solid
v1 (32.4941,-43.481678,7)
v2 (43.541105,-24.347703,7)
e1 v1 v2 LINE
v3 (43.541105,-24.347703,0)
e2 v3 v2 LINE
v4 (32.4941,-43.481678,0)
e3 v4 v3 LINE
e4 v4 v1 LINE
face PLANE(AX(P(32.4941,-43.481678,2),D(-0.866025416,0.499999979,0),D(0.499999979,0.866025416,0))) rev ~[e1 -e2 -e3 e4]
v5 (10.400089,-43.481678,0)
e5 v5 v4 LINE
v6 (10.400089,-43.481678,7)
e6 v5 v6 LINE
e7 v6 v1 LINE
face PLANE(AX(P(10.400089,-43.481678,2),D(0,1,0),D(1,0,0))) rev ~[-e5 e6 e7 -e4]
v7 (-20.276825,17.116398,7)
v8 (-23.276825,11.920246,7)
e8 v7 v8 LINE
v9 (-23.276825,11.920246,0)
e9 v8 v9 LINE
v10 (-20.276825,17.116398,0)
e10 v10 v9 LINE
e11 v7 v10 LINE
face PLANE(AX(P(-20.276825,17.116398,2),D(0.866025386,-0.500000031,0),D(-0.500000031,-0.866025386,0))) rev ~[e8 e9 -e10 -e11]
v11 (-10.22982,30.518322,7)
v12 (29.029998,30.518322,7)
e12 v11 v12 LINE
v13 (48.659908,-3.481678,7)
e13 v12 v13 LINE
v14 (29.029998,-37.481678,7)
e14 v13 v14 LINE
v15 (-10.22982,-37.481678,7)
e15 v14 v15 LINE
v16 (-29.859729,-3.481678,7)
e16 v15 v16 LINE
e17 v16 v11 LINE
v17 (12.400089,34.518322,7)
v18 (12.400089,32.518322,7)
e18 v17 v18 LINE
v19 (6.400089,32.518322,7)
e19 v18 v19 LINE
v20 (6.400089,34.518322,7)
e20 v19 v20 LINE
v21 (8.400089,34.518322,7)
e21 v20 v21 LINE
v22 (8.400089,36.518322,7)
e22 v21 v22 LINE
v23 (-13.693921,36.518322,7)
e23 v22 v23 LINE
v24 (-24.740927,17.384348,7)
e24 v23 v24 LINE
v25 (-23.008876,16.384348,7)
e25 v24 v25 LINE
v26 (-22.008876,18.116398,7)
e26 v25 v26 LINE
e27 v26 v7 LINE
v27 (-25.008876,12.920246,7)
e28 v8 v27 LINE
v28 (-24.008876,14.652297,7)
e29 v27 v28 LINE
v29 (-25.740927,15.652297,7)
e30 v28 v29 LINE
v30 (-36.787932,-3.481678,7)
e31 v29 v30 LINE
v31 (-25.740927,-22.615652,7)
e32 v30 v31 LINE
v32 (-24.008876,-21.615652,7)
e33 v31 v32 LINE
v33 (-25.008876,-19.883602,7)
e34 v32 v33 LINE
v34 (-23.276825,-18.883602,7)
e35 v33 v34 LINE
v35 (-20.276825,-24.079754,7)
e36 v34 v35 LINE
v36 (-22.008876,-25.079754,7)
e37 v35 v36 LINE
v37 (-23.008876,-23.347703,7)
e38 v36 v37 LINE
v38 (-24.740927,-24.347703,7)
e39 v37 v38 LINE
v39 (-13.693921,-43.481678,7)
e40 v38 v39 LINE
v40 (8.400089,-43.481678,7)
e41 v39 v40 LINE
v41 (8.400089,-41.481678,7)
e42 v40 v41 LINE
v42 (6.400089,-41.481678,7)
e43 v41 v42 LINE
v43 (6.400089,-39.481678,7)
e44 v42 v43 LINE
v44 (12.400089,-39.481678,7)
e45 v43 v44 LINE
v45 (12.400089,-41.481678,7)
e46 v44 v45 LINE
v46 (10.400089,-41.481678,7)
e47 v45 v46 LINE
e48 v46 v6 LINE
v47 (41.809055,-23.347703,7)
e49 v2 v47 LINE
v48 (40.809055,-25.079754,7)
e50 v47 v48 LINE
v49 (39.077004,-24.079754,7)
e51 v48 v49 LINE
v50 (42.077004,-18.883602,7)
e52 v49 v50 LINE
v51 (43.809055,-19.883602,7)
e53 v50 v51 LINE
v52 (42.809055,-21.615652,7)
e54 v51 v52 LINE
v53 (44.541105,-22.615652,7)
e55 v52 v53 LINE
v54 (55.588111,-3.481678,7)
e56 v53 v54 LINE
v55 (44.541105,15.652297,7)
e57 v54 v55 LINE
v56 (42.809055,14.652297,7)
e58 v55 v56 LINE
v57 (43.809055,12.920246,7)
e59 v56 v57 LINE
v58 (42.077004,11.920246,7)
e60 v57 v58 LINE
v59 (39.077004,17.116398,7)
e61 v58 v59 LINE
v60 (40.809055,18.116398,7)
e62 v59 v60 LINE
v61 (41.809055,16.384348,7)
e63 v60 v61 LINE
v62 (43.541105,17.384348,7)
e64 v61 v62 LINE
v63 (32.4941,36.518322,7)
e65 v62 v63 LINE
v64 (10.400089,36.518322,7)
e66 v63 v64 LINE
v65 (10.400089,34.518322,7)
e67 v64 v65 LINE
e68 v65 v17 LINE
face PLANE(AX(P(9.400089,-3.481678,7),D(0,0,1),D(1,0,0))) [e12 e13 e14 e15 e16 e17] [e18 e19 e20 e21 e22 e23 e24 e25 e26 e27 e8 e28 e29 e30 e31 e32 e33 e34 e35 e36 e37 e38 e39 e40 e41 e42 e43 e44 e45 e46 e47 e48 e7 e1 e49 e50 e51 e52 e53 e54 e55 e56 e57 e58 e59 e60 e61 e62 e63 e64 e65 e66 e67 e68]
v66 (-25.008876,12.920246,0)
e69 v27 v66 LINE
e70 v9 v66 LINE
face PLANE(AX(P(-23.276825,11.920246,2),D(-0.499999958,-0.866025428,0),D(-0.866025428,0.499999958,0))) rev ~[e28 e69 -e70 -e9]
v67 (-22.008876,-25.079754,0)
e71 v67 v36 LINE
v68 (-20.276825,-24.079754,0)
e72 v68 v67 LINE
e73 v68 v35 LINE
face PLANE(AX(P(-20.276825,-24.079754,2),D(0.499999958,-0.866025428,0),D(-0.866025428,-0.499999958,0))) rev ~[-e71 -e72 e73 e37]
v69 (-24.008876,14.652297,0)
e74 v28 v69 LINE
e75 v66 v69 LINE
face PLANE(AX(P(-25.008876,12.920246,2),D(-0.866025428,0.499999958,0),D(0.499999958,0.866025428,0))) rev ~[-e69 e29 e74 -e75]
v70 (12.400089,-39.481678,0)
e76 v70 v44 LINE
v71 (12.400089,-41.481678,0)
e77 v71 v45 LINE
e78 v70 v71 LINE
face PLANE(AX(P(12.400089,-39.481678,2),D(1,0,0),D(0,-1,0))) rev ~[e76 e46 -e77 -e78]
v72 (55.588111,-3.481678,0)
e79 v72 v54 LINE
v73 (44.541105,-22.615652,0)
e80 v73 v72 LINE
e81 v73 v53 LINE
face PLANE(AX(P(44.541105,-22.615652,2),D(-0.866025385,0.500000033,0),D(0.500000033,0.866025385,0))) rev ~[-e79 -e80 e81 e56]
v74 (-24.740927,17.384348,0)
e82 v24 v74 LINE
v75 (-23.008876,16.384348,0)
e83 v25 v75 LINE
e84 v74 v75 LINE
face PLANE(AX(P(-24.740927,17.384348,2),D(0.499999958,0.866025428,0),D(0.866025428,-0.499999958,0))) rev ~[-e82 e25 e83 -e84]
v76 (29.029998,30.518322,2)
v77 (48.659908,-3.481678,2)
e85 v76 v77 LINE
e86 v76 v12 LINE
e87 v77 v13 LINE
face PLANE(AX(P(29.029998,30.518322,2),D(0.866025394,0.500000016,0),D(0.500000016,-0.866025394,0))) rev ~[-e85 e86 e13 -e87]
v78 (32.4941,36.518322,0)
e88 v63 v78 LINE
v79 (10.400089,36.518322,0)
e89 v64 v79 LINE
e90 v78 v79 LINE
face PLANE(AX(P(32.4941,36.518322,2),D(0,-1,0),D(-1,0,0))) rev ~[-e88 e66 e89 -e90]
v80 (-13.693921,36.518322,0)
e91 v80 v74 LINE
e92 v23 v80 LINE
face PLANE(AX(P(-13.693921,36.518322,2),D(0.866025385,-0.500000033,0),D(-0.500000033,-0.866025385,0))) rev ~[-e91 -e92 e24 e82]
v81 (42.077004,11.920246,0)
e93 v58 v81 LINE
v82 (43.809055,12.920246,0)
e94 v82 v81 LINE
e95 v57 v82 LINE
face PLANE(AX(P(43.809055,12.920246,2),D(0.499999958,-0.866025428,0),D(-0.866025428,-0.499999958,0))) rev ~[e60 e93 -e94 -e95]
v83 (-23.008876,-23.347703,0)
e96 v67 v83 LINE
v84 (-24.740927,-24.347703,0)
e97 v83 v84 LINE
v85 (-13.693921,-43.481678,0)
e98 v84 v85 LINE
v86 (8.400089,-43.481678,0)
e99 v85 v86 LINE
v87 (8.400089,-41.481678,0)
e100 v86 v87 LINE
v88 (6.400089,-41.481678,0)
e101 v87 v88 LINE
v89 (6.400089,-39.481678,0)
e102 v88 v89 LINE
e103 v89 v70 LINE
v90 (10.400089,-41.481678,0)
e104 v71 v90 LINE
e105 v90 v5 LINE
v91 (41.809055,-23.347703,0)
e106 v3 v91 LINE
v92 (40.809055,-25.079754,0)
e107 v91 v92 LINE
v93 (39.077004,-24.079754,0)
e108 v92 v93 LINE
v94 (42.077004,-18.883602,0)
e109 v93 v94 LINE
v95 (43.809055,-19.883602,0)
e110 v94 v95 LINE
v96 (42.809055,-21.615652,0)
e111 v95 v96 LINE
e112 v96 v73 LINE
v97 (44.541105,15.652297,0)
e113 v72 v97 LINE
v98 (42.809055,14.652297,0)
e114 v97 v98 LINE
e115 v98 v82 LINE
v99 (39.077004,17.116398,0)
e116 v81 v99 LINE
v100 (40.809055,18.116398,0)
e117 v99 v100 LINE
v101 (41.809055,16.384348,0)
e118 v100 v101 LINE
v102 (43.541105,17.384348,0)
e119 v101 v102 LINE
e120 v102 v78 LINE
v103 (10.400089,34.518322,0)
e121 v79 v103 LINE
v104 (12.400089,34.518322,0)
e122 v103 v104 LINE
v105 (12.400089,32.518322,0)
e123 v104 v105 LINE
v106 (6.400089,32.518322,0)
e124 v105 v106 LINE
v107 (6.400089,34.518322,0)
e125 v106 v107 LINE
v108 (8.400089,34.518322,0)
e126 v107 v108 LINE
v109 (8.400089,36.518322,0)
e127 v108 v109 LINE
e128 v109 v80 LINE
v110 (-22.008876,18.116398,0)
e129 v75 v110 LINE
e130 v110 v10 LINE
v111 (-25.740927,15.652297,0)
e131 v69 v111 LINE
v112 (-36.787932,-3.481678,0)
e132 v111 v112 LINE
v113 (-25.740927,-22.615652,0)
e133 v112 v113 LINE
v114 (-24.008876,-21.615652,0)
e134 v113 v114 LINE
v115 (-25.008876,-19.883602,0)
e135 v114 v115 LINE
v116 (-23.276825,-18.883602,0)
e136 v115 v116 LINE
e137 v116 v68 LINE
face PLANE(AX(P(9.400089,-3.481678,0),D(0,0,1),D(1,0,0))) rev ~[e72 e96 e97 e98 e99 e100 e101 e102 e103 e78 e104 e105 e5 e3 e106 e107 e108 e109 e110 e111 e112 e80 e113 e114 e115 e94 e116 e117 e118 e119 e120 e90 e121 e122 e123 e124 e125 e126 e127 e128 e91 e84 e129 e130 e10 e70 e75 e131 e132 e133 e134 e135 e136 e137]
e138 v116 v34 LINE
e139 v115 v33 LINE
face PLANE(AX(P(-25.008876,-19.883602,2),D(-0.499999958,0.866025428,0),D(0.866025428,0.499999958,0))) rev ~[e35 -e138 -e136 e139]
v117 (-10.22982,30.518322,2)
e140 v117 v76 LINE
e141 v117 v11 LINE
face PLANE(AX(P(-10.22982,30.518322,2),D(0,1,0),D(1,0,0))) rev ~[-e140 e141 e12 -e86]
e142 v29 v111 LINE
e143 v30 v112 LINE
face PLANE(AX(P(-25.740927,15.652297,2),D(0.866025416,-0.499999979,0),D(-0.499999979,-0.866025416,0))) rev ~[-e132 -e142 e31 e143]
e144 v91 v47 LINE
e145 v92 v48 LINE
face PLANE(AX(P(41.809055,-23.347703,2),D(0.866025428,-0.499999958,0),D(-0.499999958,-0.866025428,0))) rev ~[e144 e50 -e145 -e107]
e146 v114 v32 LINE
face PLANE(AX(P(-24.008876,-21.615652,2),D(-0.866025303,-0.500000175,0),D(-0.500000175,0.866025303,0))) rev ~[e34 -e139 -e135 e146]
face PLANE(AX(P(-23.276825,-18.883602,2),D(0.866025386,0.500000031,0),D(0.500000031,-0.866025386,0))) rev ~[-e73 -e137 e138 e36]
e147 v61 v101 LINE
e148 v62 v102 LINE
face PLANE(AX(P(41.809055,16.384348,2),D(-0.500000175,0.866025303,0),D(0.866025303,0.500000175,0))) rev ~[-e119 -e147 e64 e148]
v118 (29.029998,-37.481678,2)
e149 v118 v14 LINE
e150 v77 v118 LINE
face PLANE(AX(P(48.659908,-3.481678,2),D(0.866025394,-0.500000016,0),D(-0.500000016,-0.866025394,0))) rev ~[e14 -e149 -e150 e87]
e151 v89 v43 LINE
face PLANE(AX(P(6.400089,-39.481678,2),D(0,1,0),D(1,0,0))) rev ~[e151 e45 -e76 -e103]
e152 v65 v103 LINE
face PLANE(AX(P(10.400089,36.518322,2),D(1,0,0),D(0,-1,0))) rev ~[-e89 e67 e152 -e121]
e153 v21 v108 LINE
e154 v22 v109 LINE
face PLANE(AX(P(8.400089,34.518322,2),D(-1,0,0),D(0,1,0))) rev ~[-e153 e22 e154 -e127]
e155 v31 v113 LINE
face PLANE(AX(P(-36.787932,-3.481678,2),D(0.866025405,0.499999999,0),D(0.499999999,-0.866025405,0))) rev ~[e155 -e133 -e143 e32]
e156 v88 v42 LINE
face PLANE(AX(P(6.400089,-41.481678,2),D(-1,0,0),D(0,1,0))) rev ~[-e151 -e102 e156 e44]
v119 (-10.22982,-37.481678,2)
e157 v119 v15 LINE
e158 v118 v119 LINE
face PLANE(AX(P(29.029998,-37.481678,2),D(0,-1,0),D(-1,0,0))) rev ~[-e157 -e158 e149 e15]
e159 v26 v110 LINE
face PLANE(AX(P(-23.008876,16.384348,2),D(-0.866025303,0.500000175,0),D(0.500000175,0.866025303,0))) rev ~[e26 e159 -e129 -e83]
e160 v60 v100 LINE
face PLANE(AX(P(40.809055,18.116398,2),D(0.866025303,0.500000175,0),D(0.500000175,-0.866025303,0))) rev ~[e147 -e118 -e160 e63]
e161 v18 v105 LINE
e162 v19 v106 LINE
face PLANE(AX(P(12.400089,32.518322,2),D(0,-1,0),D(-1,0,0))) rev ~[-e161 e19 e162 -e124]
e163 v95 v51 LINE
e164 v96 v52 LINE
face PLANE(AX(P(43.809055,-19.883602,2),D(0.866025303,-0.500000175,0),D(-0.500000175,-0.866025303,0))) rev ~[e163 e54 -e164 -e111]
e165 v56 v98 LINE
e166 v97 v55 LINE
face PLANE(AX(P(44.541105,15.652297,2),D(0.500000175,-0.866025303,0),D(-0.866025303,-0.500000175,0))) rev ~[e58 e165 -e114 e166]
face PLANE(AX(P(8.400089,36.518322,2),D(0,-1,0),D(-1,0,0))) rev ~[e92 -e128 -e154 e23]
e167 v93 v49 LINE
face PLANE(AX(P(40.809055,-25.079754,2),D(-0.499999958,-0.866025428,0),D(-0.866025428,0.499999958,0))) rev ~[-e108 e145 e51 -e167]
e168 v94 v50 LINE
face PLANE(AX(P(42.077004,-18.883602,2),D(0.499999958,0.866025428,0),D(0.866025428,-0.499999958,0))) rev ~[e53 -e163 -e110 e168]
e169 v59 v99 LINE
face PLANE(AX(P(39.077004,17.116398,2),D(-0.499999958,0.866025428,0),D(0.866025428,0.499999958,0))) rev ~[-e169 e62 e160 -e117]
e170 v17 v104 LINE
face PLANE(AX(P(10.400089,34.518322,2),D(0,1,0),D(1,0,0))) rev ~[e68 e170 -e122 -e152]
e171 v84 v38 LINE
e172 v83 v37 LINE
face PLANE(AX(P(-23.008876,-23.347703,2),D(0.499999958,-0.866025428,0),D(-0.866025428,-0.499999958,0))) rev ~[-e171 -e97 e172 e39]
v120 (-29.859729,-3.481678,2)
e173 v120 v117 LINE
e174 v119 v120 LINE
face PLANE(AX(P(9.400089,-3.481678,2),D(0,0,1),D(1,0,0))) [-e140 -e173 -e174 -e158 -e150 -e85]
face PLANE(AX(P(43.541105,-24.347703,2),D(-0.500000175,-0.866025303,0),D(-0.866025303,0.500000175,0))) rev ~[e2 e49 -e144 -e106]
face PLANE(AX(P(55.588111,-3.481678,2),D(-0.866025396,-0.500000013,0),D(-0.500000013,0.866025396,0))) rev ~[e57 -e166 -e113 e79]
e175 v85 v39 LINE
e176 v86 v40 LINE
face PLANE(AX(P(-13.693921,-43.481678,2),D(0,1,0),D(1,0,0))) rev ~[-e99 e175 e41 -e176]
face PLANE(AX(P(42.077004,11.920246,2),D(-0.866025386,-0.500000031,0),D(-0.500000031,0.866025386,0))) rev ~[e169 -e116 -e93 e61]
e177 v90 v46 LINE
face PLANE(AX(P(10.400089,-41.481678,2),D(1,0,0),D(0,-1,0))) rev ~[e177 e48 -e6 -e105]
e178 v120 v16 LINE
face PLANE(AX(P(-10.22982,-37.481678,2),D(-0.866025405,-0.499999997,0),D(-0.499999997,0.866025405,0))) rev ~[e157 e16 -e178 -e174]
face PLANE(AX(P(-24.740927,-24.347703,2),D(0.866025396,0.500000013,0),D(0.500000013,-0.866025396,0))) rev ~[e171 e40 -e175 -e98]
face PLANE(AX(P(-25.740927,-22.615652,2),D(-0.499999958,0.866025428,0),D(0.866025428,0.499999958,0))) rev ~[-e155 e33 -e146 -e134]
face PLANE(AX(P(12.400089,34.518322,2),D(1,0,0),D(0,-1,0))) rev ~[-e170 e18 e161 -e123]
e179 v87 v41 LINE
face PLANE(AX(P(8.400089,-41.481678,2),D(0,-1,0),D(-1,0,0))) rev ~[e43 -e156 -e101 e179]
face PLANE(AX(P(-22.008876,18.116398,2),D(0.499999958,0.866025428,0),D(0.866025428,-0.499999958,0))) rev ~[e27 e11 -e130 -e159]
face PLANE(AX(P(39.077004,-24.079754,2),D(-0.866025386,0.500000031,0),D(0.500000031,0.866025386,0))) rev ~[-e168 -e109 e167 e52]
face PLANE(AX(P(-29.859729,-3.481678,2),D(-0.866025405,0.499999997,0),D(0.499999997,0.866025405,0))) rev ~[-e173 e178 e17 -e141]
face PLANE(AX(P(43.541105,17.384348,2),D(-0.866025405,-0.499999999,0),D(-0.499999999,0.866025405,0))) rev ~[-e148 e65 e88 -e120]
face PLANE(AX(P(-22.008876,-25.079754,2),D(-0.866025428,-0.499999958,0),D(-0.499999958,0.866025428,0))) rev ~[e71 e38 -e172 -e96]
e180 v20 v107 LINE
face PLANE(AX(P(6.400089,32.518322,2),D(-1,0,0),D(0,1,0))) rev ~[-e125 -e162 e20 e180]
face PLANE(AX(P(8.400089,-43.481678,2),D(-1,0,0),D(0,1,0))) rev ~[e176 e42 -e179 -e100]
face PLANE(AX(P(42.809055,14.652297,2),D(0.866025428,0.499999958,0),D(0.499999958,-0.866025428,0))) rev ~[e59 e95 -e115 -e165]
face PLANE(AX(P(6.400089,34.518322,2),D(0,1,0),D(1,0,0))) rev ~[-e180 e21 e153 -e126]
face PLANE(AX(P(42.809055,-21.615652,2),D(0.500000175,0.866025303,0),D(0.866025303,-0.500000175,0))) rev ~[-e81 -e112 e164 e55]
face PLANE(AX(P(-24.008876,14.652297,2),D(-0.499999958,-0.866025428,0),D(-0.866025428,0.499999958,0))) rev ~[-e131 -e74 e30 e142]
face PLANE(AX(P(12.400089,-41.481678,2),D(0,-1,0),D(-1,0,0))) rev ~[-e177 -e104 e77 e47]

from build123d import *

# Parameters (mm, degrees)
F1_DEPTH = 2
F3_DEPTH = 5


with BuildPart() as f1:
    # F0 (on Top) → F1 (new body)
    with BuildSketch(Plane.XY):
        Polygon((-24.740927, -24.347703), (-13.693921, -43.481678), (8.400089, -43.481678), (8.400089, -41.481678), (6.400089, -41.481678), (6.400089, -39.481678), (12.400089, -39.481678), (12.400089, -41.481678), (10.400089, -41.481678), (10.400089, -43.481678), (32.4941, -43.481678), (43.541105, -24.347703), (41.809055, -23.347703), (40.809055, -25.079754), (39.077004, -24.079754), (42.077004, -18.883602), (43.809055, -19.883602), (42.809055, -21.615652), (44.541105, -22.615652), (55.588111, -3.481678), (44.541105, 15.652297), (42.809055, 14.652297), (43.809055, 12.920246), (42.077004, 11.920246), (39.077004, 17.116398), (40.809055, 18.116398), (41.809055, 16.384348), (43.541105, 17.384348), (32.4941, 36.518322), (10.400089, 36.518322), (10.400089, 34.518322), (12.400089, 34.518322), (12.400089, 32.518322), (6.400089, 32.518322), (6.400089, 34.518322), (8.400089, 34.518322), (8.400089, 36.518322), (-13.693921, 36.518322), (-24.740927, 17.384348), (-23.008876, 16.384348), (-22.008876, 18.116398), (-20.276825, 17.116398), (-23.276825, 11.920246), (-25.008876, 12.920246), (-24.008876, 14.652297), (-25.740927, 15.652297), (-36.787932, -3.481678), (-25.740927, -22.615652), (-24.008876, -21.615652), (-25.008876, -19.883602), (-23.276825, -18.883602), (-20.276825, -24.079754), (-22.008876, -25.079754), (-23.008876, -23.347703), align=None)
    extrude(amount=F1_DEPTH)

    # F2 (on face) → F3 (join)
    with BuildSketch(Plane.XY.offset(2)):
        Polygon((-25.740927, -22.615652), (-24.008876, -21.615652), (-25.008876, -19.883602), (-23.276825, -18.883602), (-20.276825, -24.079754), (-22.008876, -25.079754), (-23.008876, -23.347703), (-24.740927, -24.347703), (-13.693921, -43.481678), (8.400089, -43.481678), (8.400089, -41.481678), (6.400089, -41.481678), (6.400089, -39.481678), (12.400089, -39.481678), (12.400089, -41.481678), (10.400089, -41.481678), (10.400089, -43.481678), (32.4941, -43.481678), (43.541105, -24.347703), (41.809055, -23.347703), (40.809055, -25.079754), (39.077004, -24.079754), (42.077004, -18.883602), (43.809055, -19.883602), (42.809055, -21.615652), (44.541105, -22.615652), (55.588111, -3.481678), (44.541105, 15.652297), (42.809055, 14.652297), (43.809055, 12.920246), (42.077004, 11.920246), (39.077004, 17.116398), (40.809055, 18.116398), (41.809055, 16.384348), (43.541105, 17.384348), (32.4941, 36.518322), (10.400089, 36.518322), (10.400089, 34.518322), (12.400089, 34.518322), (12.400089, 32.518322), (6.400089, 32.518322), (6.400089, 34.518322), (8.400089, 34.518322), (8.400089, 36.518322), (-13.693921, 36.518322), (-24.740927, 17.384348), (-23.008876, 16.384348), (-22.008876, 18.116398), (-20.276825, 17.116398), (-23.276825, 11.920246), (-25.008876, 12.920246), (-24.008876, 14.652297), (-25.740927, 15.652297), (-36.787932, -3.481678), align=None)
        Polygon((-10.22982, -37.481678), (-29.859729, -3.481678), (-10.22982, 30.518322), (29.029998, 30.518322), (48.659908, -3.481678), (29.029998, -37.481678), align=None, mode=Mode.SUBTRACT)
    extrude(amount=F3_DEPTH)


solid = f1.part
